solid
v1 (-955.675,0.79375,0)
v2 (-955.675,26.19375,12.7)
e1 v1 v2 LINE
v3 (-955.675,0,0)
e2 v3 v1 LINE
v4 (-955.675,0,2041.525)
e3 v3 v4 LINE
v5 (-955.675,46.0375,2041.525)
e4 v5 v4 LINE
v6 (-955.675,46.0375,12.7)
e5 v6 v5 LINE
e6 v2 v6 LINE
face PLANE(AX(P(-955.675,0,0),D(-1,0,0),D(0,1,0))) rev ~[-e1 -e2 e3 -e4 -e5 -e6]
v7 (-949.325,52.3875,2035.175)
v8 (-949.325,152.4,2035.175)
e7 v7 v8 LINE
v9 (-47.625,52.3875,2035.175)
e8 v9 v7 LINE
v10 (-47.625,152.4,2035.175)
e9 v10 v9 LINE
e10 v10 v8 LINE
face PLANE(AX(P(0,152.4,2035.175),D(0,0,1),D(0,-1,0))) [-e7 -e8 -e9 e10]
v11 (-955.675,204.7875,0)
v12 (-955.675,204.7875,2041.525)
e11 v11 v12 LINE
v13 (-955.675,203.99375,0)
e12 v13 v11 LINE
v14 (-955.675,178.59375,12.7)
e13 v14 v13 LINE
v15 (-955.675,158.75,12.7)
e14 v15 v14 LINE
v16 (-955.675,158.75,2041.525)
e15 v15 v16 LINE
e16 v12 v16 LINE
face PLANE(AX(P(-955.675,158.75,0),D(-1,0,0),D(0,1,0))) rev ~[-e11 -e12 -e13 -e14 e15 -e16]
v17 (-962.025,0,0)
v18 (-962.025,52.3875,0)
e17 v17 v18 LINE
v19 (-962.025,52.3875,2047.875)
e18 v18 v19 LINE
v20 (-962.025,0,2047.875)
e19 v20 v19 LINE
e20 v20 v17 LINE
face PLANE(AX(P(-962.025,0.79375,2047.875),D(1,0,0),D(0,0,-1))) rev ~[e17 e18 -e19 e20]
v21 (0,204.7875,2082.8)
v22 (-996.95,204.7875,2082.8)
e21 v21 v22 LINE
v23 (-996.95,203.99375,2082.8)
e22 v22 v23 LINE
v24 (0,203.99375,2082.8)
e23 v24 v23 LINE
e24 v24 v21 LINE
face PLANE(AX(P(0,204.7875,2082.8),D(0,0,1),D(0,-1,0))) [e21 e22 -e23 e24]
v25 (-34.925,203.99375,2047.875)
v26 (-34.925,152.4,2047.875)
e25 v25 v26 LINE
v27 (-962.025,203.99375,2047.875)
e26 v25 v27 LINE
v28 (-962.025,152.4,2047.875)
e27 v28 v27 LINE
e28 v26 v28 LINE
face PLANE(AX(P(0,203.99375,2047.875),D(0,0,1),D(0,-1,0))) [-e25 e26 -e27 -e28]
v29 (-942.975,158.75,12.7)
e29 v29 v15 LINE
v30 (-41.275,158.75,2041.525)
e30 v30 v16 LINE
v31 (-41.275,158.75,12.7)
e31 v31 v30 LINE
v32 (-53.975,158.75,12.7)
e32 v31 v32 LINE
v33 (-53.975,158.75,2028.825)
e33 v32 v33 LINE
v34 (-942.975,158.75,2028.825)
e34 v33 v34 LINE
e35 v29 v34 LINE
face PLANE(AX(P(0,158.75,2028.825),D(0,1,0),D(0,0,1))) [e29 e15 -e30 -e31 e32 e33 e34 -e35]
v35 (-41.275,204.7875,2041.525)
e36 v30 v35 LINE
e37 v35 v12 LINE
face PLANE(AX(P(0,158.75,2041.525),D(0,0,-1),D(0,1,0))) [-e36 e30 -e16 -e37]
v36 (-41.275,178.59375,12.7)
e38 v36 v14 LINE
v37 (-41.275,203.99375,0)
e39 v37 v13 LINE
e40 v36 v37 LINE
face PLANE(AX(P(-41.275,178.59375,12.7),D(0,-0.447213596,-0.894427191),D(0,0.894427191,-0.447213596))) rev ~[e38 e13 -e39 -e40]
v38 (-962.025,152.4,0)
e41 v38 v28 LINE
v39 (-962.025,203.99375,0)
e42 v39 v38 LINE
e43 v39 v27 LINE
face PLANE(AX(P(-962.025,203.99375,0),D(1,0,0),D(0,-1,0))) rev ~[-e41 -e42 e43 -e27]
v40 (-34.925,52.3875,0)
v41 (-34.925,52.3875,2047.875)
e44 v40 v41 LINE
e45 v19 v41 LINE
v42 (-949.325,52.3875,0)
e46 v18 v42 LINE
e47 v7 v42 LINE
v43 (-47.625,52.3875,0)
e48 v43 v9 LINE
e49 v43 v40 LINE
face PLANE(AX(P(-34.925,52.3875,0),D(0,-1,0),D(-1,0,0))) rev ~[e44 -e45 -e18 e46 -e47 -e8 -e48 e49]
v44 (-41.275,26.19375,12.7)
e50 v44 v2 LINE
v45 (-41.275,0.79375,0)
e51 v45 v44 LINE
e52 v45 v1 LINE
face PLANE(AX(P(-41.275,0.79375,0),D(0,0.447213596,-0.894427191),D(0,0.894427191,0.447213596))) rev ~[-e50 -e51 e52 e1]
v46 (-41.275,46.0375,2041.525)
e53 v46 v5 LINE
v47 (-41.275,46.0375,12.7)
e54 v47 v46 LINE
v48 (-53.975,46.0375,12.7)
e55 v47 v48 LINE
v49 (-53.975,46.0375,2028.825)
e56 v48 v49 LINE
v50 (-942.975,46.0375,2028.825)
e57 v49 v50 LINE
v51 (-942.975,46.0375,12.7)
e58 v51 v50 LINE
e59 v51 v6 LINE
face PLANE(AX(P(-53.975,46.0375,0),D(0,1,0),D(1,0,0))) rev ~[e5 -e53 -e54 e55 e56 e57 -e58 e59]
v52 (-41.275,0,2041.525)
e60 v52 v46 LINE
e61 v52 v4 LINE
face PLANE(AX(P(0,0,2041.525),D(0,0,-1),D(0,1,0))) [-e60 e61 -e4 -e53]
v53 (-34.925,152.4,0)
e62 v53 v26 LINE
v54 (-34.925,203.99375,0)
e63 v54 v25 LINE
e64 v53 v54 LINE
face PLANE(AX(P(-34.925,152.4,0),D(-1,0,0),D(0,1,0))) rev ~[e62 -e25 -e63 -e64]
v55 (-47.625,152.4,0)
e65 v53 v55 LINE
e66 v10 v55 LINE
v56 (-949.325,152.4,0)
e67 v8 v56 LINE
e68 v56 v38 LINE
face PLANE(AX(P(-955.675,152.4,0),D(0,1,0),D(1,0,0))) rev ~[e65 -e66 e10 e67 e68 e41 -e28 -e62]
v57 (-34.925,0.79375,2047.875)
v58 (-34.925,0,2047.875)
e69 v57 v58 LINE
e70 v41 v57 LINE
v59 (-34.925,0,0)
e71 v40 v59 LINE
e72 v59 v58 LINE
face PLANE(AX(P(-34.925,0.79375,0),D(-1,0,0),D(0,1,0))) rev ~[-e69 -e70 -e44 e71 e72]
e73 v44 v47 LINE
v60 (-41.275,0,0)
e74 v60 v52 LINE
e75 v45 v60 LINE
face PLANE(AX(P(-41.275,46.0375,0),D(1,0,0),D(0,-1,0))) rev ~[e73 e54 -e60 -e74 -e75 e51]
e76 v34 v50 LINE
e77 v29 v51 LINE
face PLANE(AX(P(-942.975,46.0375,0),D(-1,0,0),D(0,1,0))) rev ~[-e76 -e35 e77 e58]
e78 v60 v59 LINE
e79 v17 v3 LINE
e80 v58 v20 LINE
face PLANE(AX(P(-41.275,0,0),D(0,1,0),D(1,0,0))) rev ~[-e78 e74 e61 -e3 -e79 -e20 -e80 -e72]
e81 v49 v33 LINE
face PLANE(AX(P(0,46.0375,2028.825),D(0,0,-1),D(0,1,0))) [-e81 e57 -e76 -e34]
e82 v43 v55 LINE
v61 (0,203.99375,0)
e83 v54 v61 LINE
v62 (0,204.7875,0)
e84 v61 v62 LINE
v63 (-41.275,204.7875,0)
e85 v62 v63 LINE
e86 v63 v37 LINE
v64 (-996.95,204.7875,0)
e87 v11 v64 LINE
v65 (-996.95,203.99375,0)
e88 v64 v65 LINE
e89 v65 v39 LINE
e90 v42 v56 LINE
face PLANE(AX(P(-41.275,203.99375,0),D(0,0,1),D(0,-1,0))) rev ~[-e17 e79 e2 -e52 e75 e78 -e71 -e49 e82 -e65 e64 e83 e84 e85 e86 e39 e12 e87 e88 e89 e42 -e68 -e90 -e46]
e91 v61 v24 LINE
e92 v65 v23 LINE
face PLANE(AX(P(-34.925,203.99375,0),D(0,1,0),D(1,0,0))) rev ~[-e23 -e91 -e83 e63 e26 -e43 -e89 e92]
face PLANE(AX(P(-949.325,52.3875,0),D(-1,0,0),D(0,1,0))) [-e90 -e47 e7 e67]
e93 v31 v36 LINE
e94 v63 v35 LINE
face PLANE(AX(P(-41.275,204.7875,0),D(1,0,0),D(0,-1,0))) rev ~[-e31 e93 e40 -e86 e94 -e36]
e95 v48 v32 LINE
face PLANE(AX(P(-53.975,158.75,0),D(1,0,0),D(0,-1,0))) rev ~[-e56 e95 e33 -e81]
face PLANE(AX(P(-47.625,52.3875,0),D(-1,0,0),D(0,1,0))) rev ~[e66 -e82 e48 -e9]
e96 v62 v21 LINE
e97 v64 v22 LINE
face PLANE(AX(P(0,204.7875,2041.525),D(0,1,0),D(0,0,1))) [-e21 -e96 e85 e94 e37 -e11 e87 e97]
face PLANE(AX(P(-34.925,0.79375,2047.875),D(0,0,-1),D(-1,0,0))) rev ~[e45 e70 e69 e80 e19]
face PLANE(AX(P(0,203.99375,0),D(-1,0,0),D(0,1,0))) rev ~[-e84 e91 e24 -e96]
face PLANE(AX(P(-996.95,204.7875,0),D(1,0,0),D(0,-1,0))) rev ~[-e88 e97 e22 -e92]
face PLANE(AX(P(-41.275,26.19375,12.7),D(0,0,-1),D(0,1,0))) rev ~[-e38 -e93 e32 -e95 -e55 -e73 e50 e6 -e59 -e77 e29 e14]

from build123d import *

# Parameters (mm, degrees)
F1_DEPTH  = 2082.8
F3_DEPTH  = 204.7885
F5_DEPTH  = 996.95
F7_DEPTH  = 204.7885
F10_DEPTH = 914.4
F12_DEPTH = 0.79475
F13_W     = 6.35
F13_H     = 100.0125
F14_DEPTH = 2082.801


with BuildPart() as f1:
    # F0 (on Top) → F1 (new body)
    with BuildSketch(Plane.XY):
        Polygon((-41.275, 46.0375), (-41.275, 0), (0, 0), (0, 0.79375), (-34.925, 0.79375), (-34.925, 52.3875), (-47.625, 52.3875), (-47.625, 152.4), (-34.925, 152.4), (-34.925, 203.99375), (0, 203.99375), (0, 204.7875), (-41.275, 204.7875), (-41.275, 158.75), (-53.975, 158.75), (-53.975, 46.0375), align=None)
    extrude(amount=F1_DEPTH)


with BuildPart() as f1b:
    # F0 (on Top) → F1, piece 2 (new body)
    with BuildSketch(Plane.XY):
        Polygon((-996.95, 0.79375), (-996.95, 0), (-955.675, 0), (-955.675, 46.0375), (-942.975, 46.0375), (-942.975, 158.75), (-955.675, 158.75), (-955.675, 204.7875), (-996.95, 204.7875), (-996.95, 203.99375), (-962.025, 203.99375), (-962.025, 152.4), (-949.325, 152.4), (-949.325, 52.3875), (-962.025, 52.3875), (-962.025, 0.79375), align=None)
    extrude(amount=F1_DEPTH)


with BuildPart() as f3_tool:
    # F2 (on Front) → F3 (new body, through all)
    with BuildSketch(Plane.XZ):
        Polygon((0, 2082.8), (-996.95, 2082.8), (-498.475, 1584.325), align=None)
    extrude(amount=-F3_DEPTH)


with BuildPart() as f1_1:
    add(f1.part)

    # F3: cut by f3_tool
    add(f3_tool.part, mode=Mode.SUBTRACT)


with BuildPart() as f1b_1:
    add(f1b.part)

    # F3: cut by f3_tool
    add(f3_tool.part, mode=Mode.SUBTRACT)


with BuildPart() as f5:
    # F4 (on Right) → F5 (new body, through all)
    with BuildSketch(Plane.YZ):
        Polygon((158.75, 2041.525), (204.7875, 2041.525), (204.7875, 2082.8), (203.99375, 2082.8), (203.99375, 2047.875), (152.4, 2047.875), (152.4, 2035.175), (52.3875, 2035.175), (52.3875, 2047.875), (0.79375, 2047.875), (0.79375, 2082.8), (0, 2082.8), (0, 2041.525), (46.0375, 2041.525), (46.0375, 2028.825), (158.75, 2028.825), align=None)
    extrude(amount=-F5_DEPTH)

    # F6 (on Front) → F7 (cut, through all)
    with BuildSketch(Plane.XZ):
        Polygon((0, 2082.8), (-498.475, 1584.325), (304.8, 1584.325), (304.8, 2082.8), align=None)
        Polygon((-498.475, 1584.325), (-996.95, 2082.8), (-1301.75, 2082.8), (-1301.75, 1584.325), align=None)
    extrude(amount=-F7_DEPTH, mode=Mode.SUBTRACT)


with BuildPart() as f1_2:
    add(f1_1.part)

    # F8: union F1b, F5
    add(f1b_1.part)
    add(f5.part)

    # F9 (on face) → F10 (join, through all)
    with BuildSketch(Plane(origin=(-41.275, 0, 0), x_dir=(0, -1, 0), z_dir=(-1, 0, 0))):
        Polygon((-203.99375, 0), (-102.39375, 0), (-0.79375, 0), (-26.19375, 12.7), (-102.39375, 12.7), (-178.59375, 12.7), align=None)
    extrude(amount=F10_DEPTH)

    # F11 (on face) → F12 (cut, through all)
    with BuildSketch(Plane(origin=(0, 0.79375, 0), x_dir=(-1, 0, 0), z_dir=(0, 1, 0))):
        Polygon((34.9250000001, 2047.875), (962.025, 2047.875), (962.025, 0), (996.95, 0), (996.95, 2082.8), (1e-10, 2082.8), (0, 0), (34.925, 0), align=None)
    extrude(amount=-F12_DEPTH, mode=Mode.SUBTRACT)

    # F13 (on Top) → F14 (cut, through all)
    with BuildSketch(Plane.XY):
        with Locations((-44.45, 102.39375)):
            Rectangle(F13_W, F13_H)
        with Locations((-952.5, 102.39375)):
            Rectangle(F13_W, F13_H)
    extrude(amount=F14_DEPTH, mode=Mode.SUBTRACT)


solid = f1_2.part
